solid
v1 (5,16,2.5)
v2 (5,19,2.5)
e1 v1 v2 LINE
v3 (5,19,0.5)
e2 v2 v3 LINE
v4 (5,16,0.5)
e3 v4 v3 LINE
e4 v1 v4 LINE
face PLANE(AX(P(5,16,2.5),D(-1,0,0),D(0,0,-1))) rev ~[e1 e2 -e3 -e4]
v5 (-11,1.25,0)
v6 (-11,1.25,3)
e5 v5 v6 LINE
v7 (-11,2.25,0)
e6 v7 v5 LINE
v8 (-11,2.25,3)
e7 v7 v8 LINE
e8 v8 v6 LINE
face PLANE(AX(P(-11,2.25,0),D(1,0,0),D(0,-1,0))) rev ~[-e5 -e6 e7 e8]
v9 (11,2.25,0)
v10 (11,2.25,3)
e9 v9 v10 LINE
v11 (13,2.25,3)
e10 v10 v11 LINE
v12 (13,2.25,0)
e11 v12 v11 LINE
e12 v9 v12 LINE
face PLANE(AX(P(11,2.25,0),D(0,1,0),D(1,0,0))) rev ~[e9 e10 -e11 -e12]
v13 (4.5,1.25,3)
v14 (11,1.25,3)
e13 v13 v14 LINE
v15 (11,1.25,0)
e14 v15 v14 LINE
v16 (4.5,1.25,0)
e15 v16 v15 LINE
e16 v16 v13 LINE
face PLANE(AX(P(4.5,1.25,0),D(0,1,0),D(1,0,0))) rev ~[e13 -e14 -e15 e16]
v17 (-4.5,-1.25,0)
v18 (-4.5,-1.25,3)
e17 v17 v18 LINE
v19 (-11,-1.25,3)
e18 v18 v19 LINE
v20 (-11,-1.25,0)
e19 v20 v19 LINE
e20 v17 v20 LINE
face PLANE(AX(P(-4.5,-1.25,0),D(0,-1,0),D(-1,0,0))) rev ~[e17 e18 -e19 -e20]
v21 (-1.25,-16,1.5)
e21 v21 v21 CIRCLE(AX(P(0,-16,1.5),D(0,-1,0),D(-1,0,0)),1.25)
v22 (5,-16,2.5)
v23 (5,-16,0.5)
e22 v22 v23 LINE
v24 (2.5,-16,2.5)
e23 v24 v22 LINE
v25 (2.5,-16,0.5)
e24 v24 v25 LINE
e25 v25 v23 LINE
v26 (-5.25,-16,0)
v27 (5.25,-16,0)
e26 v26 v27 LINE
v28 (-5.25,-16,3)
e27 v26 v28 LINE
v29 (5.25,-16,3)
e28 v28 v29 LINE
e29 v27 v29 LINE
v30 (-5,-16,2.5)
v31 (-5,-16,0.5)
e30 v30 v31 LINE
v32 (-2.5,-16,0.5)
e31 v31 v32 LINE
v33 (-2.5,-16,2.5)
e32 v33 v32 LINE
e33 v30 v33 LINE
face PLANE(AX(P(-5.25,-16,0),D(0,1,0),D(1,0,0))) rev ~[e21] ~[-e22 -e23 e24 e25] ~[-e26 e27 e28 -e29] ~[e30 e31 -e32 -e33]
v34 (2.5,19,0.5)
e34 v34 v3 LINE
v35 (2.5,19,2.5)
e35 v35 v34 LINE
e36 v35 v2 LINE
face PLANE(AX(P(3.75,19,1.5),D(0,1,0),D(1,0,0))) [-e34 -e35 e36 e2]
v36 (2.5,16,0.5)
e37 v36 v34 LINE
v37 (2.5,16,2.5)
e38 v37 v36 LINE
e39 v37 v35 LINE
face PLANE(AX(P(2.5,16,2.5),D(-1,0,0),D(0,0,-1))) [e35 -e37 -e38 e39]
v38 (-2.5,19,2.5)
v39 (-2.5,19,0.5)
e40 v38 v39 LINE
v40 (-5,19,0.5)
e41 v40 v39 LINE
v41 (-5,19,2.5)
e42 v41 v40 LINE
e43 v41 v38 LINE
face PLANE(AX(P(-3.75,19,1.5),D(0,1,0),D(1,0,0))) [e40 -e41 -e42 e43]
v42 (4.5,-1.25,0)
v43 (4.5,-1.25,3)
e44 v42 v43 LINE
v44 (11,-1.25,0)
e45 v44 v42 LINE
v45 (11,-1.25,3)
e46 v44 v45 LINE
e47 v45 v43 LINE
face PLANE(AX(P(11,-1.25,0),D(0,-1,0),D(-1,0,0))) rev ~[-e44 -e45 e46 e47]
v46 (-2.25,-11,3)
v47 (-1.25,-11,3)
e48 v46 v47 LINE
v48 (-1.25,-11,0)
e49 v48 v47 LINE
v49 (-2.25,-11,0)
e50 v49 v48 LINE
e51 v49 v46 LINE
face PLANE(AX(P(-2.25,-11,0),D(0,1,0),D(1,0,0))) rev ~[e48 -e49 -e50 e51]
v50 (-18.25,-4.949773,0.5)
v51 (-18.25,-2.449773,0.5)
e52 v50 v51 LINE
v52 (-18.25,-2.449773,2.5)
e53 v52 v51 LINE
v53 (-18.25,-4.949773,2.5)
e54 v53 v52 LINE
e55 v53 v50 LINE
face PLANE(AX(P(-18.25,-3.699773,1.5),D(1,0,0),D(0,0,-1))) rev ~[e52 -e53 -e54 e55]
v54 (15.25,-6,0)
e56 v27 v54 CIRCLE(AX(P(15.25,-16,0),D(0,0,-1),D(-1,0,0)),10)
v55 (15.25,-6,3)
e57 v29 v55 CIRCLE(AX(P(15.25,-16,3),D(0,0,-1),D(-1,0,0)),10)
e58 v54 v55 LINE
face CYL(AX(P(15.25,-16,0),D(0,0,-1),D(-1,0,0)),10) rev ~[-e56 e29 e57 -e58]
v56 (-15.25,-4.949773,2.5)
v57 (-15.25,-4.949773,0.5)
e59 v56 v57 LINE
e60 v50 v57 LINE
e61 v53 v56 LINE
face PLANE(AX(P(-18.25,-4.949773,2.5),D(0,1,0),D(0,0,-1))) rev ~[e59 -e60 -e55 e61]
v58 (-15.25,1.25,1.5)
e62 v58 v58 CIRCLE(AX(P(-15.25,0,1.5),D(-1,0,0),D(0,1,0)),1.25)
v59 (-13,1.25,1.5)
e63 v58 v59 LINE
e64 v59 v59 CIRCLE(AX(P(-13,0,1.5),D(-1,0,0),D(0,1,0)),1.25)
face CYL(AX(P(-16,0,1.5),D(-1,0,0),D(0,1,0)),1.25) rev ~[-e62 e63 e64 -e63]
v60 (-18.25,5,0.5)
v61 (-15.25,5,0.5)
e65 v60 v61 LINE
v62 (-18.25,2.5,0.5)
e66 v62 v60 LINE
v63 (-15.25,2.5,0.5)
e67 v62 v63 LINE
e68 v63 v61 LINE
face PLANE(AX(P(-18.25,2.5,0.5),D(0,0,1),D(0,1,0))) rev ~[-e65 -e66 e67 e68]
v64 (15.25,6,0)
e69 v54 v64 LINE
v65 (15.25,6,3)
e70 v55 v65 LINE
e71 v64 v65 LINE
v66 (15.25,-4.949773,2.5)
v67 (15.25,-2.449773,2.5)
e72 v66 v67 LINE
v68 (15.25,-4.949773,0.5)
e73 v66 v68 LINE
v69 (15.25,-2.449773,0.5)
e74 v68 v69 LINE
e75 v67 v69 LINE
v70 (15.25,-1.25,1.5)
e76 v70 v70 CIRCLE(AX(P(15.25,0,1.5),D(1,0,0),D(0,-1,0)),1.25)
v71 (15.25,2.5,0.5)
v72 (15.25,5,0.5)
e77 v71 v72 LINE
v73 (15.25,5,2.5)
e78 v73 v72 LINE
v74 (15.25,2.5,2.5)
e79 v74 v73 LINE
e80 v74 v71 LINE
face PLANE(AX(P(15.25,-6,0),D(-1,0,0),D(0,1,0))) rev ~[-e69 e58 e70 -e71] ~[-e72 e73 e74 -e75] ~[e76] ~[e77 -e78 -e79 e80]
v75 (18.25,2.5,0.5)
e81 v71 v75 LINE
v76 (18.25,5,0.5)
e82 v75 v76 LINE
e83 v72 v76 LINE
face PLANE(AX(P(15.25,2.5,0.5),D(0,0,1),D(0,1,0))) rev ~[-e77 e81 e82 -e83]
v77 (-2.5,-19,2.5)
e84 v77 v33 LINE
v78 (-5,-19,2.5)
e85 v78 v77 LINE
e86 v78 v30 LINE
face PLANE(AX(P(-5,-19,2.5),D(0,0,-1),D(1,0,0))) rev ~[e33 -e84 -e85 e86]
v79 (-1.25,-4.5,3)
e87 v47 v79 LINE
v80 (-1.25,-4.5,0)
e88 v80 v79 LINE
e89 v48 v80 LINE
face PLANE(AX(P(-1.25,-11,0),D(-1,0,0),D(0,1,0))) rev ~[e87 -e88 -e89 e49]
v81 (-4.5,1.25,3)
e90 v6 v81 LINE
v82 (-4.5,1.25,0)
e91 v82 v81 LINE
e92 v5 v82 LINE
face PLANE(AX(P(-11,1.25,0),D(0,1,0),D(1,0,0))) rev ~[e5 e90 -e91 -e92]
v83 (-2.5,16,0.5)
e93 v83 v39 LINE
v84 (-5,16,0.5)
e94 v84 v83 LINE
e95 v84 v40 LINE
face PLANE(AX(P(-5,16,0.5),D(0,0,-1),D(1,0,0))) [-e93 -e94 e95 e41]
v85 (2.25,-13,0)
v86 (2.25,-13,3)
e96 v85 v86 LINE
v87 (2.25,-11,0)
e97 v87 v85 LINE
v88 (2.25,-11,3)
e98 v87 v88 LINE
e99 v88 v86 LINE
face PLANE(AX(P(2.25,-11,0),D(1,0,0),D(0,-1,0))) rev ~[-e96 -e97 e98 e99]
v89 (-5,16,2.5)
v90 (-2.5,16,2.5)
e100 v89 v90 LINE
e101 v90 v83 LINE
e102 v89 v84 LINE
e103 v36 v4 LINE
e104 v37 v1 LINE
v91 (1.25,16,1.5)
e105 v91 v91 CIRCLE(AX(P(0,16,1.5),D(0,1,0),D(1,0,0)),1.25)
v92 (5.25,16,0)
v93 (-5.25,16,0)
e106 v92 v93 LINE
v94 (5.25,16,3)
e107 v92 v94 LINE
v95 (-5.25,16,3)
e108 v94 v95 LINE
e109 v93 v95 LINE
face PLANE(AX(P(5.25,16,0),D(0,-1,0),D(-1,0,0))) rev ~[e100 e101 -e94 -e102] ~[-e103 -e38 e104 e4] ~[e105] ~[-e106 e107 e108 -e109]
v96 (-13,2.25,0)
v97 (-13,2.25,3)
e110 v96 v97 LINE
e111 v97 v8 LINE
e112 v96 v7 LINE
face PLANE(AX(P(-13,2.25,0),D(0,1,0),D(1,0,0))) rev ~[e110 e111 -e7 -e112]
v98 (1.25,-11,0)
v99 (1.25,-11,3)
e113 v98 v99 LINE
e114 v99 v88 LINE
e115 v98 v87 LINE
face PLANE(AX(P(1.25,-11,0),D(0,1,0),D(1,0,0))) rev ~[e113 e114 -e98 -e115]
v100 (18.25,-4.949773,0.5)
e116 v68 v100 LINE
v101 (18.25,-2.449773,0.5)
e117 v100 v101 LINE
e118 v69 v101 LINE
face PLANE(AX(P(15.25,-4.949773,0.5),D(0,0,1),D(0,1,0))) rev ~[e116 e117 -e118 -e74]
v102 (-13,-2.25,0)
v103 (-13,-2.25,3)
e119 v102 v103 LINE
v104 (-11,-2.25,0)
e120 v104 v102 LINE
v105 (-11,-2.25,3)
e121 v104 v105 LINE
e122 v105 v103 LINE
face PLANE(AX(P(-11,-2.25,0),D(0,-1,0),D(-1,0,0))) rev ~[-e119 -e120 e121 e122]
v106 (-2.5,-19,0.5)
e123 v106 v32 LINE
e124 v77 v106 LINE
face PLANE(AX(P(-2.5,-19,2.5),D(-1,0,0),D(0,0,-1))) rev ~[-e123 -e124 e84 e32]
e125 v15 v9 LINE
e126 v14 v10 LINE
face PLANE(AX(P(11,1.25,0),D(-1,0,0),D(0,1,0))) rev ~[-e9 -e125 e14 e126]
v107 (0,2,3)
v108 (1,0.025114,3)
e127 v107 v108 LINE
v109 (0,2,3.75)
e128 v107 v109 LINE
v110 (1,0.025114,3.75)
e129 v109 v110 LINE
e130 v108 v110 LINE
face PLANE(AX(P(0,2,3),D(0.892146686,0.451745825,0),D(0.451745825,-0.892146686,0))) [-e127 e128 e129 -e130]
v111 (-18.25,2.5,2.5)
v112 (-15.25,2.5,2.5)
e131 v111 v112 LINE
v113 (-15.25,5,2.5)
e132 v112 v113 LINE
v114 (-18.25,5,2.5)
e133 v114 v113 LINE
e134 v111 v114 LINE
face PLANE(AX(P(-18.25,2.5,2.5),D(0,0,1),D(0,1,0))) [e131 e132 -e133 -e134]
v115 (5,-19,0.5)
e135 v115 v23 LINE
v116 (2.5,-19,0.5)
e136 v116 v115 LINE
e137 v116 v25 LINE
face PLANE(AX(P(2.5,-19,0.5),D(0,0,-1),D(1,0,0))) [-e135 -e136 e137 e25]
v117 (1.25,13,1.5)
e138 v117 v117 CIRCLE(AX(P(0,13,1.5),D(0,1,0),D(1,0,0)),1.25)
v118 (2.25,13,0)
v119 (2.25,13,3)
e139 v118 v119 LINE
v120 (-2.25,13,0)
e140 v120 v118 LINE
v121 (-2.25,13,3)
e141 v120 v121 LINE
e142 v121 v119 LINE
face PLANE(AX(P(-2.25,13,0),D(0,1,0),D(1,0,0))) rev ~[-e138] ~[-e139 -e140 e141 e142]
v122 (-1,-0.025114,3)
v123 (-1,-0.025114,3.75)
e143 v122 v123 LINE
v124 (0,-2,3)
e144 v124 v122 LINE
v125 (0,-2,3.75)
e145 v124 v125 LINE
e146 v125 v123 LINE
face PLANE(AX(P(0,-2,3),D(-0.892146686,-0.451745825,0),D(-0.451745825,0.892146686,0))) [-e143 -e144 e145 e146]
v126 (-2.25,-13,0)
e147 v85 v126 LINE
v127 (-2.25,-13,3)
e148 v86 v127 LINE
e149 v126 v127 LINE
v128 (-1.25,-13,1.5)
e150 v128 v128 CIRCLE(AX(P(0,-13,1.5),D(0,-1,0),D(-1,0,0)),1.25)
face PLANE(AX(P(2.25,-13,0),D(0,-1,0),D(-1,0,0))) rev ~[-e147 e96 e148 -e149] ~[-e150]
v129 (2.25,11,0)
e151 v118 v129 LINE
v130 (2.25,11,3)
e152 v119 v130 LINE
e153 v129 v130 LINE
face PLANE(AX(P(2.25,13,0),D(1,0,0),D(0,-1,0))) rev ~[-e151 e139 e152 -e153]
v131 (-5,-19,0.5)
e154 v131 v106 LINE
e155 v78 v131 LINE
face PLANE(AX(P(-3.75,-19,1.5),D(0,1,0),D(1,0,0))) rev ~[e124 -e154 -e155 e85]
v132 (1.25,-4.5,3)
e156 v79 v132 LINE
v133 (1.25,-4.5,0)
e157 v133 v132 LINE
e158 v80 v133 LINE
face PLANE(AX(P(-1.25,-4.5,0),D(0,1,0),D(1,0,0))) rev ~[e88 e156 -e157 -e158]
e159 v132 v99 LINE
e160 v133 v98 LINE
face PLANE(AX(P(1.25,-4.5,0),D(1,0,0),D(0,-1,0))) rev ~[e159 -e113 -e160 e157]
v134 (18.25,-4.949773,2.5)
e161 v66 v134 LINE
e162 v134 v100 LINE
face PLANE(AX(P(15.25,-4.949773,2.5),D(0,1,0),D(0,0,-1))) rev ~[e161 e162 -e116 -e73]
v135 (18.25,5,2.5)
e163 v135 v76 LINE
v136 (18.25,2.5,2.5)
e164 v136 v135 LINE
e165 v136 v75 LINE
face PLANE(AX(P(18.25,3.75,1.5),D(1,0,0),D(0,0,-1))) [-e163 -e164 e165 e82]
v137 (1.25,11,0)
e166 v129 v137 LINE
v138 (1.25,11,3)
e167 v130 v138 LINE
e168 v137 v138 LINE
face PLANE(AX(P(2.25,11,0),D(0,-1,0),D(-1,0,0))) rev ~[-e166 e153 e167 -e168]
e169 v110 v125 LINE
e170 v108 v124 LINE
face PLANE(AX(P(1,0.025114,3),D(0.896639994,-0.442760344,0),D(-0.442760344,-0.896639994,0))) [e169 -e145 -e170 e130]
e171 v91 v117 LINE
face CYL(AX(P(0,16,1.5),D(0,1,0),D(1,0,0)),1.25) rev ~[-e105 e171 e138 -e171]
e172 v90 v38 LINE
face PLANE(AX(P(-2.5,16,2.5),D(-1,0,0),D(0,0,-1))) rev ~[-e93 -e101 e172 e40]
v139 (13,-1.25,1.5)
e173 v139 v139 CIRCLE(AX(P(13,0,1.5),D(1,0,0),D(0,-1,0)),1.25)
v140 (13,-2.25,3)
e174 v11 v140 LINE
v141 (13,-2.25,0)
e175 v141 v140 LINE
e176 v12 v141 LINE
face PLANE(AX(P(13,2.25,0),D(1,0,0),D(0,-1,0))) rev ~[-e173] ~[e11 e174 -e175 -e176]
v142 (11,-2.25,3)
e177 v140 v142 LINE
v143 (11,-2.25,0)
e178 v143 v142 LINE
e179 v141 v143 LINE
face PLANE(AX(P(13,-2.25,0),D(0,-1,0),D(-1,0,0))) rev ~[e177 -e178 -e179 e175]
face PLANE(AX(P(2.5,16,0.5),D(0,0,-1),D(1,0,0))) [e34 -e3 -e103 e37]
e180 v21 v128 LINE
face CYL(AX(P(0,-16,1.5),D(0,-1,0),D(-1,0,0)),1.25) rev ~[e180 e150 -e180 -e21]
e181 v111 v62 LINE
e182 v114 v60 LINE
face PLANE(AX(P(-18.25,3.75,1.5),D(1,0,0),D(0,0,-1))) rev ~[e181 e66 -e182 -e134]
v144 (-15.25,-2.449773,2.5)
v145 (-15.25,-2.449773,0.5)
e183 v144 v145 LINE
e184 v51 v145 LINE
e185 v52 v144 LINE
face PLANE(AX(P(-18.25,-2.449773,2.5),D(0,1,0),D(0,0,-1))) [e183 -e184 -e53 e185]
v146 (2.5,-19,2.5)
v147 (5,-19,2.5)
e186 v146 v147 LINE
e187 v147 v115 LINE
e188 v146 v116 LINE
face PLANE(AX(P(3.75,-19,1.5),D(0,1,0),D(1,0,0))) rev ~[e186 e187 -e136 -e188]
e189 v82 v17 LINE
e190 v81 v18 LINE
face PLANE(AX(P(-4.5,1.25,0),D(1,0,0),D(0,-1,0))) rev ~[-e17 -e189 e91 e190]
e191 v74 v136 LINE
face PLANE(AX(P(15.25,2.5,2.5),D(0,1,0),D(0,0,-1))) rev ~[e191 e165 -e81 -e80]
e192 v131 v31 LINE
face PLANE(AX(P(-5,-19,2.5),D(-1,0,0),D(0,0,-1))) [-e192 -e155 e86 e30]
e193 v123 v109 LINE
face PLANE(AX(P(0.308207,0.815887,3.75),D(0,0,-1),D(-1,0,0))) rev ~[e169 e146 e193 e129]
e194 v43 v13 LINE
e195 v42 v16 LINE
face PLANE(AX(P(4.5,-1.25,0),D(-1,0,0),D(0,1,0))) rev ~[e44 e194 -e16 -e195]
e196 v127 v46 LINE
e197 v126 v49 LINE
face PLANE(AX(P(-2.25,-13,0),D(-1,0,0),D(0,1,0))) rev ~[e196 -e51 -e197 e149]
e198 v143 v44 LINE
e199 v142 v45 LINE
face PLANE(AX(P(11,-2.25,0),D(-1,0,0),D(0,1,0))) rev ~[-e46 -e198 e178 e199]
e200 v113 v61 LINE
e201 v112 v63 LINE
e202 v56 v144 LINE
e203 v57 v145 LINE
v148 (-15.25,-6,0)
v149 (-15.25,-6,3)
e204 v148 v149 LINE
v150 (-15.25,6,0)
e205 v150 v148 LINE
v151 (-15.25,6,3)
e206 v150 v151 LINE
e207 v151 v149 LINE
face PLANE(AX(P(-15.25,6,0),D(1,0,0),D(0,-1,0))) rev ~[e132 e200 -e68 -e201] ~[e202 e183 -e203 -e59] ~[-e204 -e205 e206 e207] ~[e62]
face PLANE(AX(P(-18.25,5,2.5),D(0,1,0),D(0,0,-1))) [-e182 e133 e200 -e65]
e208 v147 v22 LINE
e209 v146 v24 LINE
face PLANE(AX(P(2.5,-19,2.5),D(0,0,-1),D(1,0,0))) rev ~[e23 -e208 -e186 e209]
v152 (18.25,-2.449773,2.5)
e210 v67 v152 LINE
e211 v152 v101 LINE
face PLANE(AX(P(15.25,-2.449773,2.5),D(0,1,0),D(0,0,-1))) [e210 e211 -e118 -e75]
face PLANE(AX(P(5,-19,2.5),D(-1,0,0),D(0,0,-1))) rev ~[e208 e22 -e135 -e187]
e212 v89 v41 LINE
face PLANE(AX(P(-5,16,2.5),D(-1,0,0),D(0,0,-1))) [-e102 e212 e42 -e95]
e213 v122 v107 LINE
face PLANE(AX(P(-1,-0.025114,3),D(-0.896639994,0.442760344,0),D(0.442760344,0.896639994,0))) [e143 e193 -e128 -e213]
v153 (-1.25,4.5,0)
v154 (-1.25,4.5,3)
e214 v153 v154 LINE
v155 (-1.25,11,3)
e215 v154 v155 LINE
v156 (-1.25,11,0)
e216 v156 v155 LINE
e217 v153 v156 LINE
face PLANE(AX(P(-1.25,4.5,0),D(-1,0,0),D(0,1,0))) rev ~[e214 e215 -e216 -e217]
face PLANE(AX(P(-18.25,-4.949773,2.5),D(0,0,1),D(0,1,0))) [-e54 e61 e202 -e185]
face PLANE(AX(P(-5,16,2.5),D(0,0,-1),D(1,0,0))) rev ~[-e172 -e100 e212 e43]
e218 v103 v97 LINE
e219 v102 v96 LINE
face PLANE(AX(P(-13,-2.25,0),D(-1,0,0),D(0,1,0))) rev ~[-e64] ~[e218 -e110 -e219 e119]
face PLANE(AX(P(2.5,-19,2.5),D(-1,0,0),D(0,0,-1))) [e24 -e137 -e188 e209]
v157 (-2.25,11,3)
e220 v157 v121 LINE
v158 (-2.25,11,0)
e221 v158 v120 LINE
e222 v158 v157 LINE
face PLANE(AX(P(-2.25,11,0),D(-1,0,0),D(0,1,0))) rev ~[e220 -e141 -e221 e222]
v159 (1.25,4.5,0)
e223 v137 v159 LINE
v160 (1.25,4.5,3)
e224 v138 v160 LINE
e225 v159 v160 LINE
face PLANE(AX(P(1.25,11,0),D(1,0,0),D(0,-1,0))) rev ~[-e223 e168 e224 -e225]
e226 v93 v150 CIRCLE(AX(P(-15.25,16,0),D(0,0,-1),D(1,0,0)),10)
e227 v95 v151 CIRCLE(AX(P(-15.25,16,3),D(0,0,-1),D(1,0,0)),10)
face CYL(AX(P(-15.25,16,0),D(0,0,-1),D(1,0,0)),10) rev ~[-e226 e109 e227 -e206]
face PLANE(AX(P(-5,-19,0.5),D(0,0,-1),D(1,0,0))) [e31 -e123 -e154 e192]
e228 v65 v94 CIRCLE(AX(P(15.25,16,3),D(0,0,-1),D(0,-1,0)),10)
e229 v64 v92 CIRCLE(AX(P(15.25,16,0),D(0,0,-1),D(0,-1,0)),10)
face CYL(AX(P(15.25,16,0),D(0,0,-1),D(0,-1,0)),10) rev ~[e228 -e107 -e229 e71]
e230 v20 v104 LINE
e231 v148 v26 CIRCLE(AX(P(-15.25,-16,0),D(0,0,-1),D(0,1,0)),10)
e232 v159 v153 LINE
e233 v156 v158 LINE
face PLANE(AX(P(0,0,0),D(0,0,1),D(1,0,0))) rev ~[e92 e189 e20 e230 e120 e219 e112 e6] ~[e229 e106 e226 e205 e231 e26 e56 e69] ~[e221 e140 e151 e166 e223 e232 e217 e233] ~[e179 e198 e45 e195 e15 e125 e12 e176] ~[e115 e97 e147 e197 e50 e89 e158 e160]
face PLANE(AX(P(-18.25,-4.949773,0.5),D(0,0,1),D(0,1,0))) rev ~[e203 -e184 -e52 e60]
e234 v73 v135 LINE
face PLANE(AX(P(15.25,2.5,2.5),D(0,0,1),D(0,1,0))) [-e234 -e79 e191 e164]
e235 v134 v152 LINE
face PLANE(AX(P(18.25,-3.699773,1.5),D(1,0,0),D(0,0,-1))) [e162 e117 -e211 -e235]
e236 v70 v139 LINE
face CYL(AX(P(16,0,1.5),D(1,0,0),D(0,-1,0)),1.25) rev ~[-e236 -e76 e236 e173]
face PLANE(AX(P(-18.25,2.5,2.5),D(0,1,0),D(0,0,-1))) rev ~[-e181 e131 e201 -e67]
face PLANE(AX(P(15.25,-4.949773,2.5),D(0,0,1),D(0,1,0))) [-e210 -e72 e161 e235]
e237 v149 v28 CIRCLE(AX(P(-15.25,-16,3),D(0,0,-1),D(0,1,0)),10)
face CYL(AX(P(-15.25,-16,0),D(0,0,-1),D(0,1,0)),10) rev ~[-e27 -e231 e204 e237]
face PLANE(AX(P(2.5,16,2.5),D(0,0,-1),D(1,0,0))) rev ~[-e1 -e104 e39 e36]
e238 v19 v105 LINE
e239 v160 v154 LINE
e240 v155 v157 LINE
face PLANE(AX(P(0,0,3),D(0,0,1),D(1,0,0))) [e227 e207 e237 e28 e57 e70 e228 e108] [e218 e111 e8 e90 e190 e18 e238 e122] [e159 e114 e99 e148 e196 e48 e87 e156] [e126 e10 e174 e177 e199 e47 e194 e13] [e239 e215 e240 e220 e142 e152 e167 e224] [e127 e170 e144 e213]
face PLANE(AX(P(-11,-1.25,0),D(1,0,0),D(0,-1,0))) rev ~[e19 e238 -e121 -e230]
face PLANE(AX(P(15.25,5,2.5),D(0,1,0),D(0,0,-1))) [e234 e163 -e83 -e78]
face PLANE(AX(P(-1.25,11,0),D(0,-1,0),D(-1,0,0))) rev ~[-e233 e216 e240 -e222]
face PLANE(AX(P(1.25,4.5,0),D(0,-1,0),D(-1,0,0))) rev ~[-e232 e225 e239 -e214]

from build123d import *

# Parameters (mm, degrees)
EXTRUDE_2_DEPTH          = 3
SKETCH_2_R               = 1.25
CUT_EXTRUDE_1_DEPTH      = 4
PATTERN_CIRCULAR_1_COUNT = 4
EXTRUDE_3_DEPTH          = 0.75
SKETCH_4_W               = 2.5
SKETCH_4_H               = 2
EXTRUDE_5_DEPTH          = 3
PATTERN_LINEAR_1_COUNT   = 2
PATTERN_LINEAR_1_PITCH   = 35
SKETCH_5_W               = 2
SKETCH_5_H               = 2.5
EXTRUDE_6_DEPTH          = 3
PATTERN_LINEAR_2_COUNT   = 2
PATTERN_LINEAR_2_PITCH   = 33.5


with BuildPart() as part:
    # 草图1 → 凸台-拉伸2 (new body)
    with BuildSketch(Plane.XY):
        with BuildLine():
            Line((-5.25, -16), (-5, -16))
            Line((-5, -16), (0, -16))
            Line((0, -16), (5, -16))
            Line((5, -16), (5.25, -16))
            ThreePointArc((5.25, -16), (8.178932188, -8.928932188), (15.25, -6))
            Line((15.25, -6), (15.25, -5))
            Line((15.25, -5), (15.25, 0))
            Line((15.25, 0), (15.25, 5))
            Line((15.25, 5), (15.25, 6))
            ThreePointArc((15.25, 6), (8.178932188, 8.928932188), (5.25, 16))
            Line((5.25, 16), (5, 16))
            Line((5, 16), (0, 16))
            Line((0, 16), (-5, 16))
            Line((-5, 16), (-5.25, 16))
            ThreePointArc((-5.25, 16), (-8.178932188, 8.928932188), (-15.25, 6))
            Line((-15.25, 6), (-15.25, 5))
            Line((-15.25, 5), (-15.25, 0))
            Line((-15.25, 0), (-15.25, -5))
            Line((-15.25, -5), (-15.25, -6))
            ThreePointArc((-15.25, -6), (-8.178932188, -8.928932188), (-5.25, -16))
        make_face()
        Polygon((-1.25, -11), (-1.25, -4.5), (1.25, -4.5), (1.25, -11), (2.25, -11), (2.25, -13), (0, -13), (-2.25, -13), (-2.25, -11), align=None, mode=Mode.SUBTRACT)
        Polygon((-11, -2.25), (-13, -2.25), (-13, 0), (-13, 2.25), (-11, 2.25), (-11, 1.25), (-4.5, 1.25), (-4.5, -1.25), (-11, -1.25), align=None, mode=Mode.SUBTRACT)
        Polygon((4.5, -1.25), (4.5, 1.25), (11, 1.25), (11, 2.25), (13, 2.25), (13, 0), (13, -2.25), (11, -2.25), (11, -1.25), align=None, mode=Mode.SUBTRACT)
        Polygon((-2.25, 11), (-2.25, 13), (0, 13), (2.25, 13), (2.25, 11), (1.25, 11), (1.25, 4.5), (-1.25, 4.5), (-1.25, 11), align=None, mode=Mode.SUBTRACT)
    extrude(amount=EXTRUDE_2_DEPTH)

    # 草图2 → 切除-拉伸1 (cut)
    with BuildSketch(Plane(origin=(0, 16, 0), x_dir=(1, 0, 0), z_dir=(0, 1, 0))):
        with Locations((0, -1.5)):
            Circle(SKETCH_2_R)
    cut_extrude_1 = extrude(amount=-CUT_EXTRUDE_1_DEPTH, mode=Mode.SUBTRACT)

    # 阵列(圆周)1: 切除-拉伸1 ×4 about axis
    pattern_circular_1_axis = Axis((0, 0, 3), (0, 0, 1))
    for i in range(1, PATTERN_CIRCULAR_1_COUNT):
        add(cut_extrude_1.rotate(pattern_circular_1_axis, i * 360 / PATTERN_CIRCULAR_1_COUNT), mode=Mode.SUBTRACT)

    # 草图3 → 凸台-拉伸3 (add)
    with BuildSketch(Plane.XY.offset(3)):
        Polygon((1, 0.025113601), (0, 0), (0, 2), align=None)
        Polygon((-1, -0.025113601), (0, 2), (0, 0), align=None)
        Polygon((-1, -0.025113601), (0, 0), (0, -2), align=None)
        Polygon((1, 0.025113601), (0, -2), (0, 0), align=None)
    extrude(amount=EXTRUDE_3_DEPTH)

    # 草图4 → 凸台-拉伸5 (add)
    with BuildSketch(Plane(origin=(0, 16, 0), x_dir=(1, 0, 0), z_dir=(0, 1, 0))):
        with Locations((3.75, -1.5)):
            Rectangle(SKETCH_4_W, SKETCH_4_H)
        with Locations((-3.75, -1.5)):
            Rectangle(SKETCH_4_W, SKETCH_4_H)
    extrude_5 = extrude(amount=EXTRUDE_5_DEPTH)

    # 阵列(线性)1: 凸台-拉伸5 ×2
    with Locations(*[(0, -i * PATTERN_LINEAR_1_PITCH, 0) for i in range(1, PATTERN_LINEAR_1_COUNT)]):
        add(extrude_5)

    # 草图5 → 凸台-拉伸6 (add)
    with BuildSketch(Plane(origin=(15.25, 0, 0), x_dir=(0, 0, -1), z_dir=(1, 0, 0))):
        with Locations((-1.5, 3.75)):
            Rectangle(SKETCH_5_W, SKETCH_5_H)
        with Locations((-1.5, -3.699772798)):
            Rectangle(SKETCH_5_W, SKETCH_5_H)
    extrude_6 = extrude(amount=EXTRUDE_6_DEPTH)

    # 阵列(线性)2: 凸台-拉伸6 ×2
    with Locations(*[(-i * PATTERN_LINEAR_2_PITCH, 0, 0) for i in range(1, PATTERN_LINEAR_2_COUNT)]):
        add(extrude_6)


solid = part.part
